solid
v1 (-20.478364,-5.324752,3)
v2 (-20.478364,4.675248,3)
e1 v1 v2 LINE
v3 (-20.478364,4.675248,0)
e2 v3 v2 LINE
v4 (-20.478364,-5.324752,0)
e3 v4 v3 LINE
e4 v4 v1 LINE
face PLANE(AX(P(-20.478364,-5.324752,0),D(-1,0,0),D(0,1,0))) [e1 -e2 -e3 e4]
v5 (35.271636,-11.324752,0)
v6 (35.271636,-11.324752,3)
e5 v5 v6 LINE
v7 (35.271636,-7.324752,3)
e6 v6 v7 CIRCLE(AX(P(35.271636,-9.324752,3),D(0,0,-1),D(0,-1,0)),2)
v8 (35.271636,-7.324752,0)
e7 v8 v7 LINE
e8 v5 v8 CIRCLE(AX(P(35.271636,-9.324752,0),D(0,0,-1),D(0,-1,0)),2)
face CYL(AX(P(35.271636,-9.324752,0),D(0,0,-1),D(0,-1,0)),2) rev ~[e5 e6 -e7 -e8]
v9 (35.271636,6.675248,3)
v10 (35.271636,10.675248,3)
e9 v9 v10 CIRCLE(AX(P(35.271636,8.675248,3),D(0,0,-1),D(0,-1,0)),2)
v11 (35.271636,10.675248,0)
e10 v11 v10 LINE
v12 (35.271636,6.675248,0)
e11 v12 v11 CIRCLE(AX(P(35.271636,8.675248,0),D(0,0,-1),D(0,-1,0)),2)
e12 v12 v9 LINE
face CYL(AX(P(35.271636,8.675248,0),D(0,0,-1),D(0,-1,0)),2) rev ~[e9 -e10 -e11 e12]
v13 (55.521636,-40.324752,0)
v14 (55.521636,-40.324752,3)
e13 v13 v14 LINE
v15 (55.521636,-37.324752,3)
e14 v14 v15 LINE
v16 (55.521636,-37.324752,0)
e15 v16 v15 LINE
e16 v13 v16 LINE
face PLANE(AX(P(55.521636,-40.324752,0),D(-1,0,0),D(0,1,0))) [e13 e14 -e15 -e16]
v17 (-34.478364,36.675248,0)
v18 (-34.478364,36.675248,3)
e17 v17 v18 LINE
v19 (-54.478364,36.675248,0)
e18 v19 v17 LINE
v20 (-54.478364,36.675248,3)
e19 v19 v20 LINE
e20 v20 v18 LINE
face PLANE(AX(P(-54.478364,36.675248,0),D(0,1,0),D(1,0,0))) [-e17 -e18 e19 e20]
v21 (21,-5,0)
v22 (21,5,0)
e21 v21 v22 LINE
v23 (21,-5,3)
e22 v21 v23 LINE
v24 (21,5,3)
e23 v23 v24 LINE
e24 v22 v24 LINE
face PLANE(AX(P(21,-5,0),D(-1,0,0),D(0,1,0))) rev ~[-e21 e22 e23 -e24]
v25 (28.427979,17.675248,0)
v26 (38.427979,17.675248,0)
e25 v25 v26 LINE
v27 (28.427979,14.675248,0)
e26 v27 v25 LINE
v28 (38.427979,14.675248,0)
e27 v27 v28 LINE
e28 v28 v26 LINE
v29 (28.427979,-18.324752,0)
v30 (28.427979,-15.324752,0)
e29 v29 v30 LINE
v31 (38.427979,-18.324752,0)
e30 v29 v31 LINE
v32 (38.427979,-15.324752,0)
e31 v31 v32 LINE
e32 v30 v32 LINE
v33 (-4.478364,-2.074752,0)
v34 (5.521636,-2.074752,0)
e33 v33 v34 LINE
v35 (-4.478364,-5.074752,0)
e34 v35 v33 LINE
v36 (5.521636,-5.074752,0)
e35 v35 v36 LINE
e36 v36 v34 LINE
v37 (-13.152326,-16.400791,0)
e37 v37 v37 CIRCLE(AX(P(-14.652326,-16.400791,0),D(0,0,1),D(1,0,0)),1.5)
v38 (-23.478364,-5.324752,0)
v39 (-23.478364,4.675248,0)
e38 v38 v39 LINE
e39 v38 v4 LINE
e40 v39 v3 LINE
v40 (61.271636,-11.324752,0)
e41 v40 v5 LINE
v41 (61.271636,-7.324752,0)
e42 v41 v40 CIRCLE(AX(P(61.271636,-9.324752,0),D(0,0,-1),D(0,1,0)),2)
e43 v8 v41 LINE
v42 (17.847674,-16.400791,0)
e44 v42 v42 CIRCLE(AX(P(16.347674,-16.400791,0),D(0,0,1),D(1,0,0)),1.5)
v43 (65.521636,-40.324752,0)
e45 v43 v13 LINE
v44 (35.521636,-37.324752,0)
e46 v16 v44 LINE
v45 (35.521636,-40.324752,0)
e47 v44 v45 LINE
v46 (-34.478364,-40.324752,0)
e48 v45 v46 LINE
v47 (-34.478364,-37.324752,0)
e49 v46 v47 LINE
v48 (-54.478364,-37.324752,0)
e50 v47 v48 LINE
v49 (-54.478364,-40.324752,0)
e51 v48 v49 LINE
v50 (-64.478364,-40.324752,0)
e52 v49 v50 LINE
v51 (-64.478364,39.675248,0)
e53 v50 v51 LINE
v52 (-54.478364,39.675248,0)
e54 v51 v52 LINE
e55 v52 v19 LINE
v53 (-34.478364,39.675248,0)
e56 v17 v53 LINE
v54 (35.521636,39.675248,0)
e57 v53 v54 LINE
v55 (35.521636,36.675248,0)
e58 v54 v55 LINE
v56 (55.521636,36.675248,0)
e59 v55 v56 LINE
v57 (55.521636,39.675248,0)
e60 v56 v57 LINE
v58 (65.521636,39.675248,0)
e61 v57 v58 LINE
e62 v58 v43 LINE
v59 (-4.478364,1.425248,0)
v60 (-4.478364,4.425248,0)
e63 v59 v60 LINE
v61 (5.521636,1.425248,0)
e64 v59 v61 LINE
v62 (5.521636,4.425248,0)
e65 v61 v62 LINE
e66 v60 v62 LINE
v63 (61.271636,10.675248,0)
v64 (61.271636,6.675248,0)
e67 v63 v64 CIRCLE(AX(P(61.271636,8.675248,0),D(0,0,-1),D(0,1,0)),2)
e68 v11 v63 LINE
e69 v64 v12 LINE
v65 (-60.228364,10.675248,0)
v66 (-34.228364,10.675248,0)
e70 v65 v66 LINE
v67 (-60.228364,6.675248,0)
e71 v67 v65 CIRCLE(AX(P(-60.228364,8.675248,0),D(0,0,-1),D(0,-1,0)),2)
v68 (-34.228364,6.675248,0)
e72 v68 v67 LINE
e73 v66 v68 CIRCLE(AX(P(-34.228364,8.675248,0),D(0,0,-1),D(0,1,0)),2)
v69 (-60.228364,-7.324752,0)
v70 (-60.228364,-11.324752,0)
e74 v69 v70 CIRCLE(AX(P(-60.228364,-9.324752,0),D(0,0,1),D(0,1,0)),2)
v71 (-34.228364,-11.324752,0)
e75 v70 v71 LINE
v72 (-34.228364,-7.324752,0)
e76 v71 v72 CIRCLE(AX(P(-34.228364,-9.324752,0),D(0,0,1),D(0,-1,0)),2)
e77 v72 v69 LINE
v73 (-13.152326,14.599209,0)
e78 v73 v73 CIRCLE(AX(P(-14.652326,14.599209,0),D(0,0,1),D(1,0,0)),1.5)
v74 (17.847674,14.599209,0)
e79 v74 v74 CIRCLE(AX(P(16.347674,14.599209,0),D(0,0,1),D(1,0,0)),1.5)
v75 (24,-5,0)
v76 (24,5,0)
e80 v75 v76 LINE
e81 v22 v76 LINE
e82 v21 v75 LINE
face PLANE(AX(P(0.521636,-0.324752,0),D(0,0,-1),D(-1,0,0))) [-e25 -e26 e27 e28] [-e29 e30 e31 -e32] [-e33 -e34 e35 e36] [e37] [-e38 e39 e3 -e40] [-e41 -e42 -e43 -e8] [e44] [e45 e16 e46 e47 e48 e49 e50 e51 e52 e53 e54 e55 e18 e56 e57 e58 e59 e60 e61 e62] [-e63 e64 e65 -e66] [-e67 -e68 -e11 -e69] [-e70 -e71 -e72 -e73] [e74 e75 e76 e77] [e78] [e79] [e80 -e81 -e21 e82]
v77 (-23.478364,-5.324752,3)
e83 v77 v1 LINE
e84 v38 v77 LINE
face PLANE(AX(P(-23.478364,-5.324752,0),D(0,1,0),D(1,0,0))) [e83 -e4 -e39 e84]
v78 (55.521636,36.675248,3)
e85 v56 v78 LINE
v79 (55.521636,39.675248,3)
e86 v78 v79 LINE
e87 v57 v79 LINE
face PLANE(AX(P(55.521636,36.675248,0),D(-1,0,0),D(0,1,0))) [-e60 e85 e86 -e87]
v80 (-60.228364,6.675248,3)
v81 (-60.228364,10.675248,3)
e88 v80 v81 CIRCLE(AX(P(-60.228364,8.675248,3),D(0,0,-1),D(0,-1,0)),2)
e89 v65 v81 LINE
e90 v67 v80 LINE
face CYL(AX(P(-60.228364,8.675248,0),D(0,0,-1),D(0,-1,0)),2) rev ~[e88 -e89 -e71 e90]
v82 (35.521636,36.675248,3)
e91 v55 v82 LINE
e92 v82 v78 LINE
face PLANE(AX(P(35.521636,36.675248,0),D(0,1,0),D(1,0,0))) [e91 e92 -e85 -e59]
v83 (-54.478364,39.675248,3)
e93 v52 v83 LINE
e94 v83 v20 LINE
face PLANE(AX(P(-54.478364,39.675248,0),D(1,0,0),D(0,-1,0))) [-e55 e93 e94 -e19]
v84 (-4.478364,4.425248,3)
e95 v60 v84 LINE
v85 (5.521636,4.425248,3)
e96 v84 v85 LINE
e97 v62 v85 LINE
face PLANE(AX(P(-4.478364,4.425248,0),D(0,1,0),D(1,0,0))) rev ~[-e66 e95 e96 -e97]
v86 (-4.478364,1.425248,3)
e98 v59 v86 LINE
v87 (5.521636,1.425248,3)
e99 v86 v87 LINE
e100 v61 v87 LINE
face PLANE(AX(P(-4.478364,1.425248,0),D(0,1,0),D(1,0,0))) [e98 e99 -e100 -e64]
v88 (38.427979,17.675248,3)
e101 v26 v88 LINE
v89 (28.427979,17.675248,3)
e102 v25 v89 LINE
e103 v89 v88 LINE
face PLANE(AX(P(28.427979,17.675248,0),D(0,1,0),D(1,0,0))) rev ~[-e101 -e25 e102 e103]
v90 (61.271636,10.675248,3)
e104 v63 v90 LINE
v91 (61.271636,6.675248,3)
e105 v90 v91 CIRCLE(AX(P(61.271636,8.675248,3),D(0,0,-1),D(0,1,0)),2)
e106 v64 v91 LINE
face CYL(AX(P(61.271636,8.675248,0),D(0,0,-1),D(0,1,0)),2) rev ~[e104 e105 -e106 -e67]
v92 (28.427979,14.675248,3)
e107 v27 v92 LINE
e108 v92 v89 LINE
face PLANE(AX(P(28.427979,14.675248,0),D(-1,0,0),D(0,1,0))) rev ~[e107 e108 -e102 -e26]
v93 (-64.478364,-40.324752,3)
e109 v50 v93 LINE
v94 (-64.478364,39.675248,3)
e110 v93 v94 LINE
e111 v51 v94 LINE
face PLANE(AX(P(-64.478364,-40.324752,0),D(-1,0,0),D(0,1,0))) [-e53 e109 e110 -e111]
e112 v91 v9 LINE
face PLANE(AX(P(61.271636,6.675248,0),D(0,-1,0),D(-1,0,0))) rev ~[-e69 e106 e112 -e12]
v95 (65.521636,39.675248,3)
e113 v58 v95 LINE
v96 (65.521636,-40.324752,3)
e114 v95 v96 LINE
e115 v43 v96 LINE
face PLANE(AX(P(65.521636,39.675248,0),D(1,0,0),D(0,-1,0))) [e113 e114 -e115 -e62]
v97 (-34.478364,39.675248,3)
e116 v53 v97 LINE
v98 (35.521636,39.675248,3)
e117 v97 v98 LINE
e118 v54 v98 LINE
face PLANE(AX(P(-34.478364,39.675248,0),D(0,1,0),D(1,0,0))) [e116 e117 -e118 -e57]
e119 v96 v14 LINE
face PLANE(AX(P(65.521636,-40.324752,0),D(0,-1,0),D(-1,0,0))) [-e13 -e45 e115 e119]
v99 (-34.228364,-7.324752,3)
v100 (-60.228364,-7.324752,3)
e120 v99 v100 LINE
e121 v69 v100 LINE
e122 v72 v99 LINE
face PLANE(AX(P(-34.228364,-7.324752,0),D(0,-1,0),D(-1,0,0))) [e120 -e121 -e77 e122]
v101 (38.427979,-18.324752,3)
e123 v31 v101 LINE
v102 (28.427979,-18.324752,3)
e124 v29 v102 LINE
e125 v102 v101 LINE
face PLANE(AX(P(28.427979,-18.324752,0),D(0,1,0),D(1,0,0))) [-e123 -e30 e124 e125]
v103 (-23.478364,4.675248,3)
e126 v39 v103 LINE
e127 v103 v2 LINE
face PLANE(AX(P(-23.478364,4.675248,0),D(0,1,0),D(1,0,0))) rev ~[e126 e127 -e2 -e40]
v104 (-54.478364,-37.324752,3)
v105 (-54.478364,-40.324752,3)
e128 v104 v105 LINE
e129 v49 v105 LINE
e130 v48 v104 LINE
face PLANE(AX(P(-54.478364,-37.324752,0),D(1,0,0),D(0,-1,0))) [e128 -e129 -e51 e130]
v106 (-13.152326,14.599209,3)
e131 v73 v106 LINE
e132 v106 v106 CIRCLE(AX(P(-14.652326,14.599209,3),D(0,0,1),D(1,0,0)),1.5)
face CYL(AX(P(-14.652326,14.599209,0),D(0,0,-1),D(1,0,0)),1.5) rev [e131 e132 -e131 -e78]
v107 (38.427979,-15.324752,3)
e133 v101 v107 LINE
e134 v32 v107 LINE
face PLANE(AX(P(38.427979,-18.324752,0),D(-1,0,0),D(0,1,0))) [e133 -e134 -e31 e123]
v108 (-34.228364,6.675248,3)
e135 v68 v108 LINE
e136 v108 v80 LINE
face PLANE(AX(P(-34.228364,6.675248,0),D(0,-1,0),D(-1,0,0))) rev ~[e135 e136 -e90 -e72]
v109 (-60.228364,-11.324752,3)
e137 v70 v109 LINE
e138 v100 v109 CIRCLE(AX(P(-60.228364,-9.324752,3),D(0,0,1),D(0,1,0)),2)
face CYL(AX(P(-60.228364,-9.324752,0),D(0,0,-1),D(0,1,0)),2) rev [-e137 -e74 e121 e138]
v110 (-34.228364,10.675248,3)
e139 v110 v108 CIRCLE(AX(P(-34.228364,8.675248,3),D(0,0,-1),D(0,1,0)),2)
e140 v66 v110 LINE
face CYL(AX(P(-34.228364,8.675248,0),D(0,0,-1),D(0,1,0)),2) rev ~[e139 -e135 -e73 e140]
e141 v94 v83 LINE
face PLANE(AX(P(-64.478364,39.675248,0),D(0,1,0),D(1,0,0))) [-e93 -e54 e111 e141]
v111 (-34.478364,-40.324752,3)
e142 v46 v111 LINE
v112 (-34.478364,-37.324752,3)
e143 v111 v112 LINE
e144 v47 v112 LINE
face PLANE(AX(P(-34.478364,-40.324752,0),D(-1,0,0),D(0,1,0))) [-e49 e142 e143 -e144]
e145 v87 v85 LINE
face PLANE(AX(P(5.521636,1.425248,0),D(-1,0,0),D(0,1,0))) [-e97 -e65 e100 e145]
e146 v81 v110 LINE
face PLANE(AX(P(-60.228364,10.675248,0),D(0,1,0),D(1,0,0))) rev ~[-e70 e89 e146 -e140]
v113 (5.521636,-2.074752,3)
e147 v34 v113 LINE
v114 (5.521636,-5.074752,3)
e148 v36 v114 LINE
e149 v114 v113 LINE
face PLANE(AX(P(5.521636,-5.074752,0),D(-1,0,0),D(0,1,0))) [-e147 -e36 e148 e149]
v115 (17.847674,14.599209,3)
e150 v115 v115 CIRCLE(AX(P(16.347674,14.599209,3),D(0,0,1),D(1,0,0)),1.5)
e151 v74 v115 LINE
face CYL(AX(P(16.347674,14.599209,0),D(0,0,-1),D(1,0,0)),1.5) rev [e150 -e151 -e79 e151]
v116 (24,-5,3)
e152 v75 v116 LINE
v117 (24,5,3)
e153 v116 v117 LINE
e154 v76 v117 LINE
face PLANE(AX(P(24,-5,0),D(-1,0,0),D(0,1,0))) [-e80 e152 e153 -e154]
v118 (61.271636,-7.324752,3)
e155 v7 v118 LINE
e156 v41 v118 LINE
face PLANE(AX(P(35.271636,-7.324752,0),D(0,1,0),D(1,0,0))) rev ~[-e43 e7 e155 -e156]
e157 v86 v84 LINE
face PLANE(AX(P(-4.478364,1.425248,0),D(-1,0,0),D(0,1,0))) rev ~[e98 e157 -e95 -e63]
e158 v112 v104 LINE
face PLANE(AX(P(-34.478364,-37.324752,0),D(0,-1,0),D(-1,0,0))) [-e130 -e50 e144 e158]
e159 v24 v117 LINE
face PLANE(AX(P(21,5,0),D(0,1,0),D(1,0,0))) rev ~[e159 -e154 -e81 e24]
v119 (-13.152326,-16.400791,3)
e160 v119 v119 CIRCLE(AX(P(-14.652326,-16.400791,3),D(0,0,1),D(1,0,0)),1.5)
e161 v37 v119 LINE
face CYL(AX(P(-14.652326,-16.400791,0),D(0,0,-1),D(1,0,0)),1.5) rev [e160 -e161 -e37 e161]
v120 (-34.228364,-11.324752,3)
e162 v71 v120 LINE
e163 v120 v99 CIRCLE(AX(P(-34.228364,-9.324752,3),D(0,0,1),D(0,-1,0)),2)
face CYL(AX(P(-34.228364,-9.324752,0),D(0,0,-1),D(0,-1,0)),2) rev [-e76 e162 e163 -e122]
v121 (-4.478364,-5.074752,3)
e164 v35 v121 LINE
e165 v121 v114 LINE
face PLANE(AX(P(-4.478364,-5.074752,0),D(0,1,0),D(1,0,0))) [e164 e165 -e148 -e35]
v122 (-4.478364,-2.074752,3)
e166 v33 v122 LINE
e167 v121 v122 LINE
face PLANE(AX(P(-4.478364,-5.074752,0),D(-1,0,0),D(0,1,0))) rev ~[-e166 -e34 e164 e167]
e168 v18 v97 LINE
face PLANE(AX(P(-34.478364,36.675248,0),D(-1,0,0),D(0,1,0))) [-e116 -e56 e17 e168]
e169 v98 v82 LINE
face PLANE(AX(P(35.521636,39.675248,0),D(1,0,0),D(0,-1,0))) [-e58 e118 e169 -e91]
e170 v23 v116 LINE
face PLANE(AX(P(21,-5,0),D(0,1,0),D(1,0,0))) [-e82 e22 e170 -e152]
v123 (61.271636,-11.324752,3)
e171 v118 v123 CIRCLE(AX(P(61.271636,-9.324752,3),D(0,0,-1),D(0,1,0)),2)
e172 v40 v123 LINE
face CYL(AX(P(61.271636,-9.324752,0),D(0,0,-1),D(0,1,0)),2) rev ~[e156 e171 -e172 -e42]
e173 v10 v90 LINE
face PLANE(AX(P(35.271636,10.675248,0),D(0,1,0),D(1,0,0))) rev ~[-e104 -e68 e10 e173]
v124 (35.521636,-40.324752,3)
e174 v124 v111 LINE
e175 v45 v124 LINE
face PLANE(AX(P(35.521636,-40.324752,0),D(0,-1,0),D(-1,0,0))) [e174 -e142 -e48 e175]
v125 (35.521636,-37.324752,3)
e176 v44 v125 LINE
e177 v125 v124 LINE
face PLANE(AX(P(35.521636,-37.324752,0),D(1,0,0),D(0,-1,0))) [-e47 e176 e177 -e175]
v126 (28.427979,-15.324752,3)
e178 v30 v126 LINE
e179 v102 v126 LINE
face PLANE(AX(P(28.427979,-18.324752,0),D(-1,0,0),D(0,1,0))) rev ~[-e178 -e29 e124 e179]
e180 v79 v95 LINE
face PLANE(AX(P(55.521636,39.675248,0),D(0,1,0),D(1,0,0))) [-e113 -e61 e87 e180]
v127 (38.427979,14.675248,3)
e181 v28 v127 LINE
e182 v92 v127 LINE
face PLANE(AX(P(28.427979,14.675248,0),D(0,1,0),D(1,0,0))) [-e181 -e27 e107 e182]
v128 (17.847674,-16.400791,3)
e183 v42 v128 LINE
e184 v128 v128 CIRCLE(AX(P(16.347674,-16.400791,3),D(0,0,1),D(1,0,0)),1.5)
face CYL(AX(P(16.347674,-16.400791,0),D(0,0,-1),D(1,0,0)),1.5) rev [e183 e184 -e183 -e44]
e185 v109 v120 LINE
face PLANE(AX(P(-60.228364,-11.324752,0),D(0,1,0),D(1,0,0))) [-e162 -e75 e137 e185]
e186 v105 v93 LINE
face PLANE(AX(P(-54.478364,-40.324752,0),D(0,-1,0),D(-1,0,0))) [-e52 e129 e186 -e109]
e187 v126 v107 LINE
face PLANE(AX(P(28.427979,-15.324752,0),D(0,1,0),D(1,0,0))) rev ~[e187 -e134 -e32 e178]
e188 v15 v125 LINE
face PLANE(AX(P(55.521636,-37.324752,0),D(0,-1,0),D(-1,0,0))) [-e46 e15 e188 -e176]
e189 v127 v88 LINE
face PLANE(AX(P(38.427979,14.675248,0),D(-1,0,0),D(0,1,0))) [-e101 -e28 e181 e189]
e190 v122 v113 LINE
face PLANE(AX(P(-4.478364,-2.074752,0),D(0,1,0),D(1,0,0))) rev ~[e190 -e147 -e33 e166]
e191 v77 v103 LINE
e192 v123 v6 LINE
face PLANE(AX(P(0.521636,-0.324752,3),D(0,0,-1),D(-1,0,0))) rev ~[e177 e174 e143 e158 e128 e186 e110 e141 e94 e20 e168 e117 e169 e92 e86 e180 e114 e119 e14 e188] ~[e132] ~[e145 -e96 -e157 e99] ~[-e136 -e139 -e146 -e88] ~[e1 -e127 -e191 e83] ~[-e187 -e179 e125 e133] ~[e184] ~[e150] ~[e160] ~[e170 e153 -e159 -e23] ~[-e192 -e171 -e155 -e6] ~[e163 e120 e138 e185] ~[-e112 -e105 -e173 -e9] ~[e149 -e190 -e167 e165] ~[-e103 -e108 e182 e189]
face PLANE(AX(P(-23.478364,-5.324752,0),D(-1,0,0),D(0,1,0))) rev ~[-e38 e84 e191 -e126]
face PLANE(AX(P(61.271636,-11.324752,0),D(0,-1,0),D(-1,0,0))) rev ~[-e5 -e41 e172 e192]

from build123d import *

# Parameters (mm, degrees)
SKETCH1_R           = 1.5
SKETCH1_W           = 3
SKETCH1_H           = 10
SKETCH1_W_2         = 10
SKETCH1_H_2         = 3
BOSS_EXTRUDE1_DEPTH = 3


with BuildPart() as part:
    # Sketch1 → Boss-Extrude1 (new body)
    with BuildSketch(Plane.XY):
        Polygon((-54.478363627, 39.675247502), (-54.478363627, 36.675247502), (-34.478363627, 36.675247502), (-34.478363627, 39.675247502), (35.521636373, 39.675247502), (35.521636373, 36.675247502), (55.521636373, 36.675247502), (55.521636373, 39.675247502), (65.521636373, 39.675247502), (65.521636373, -40.324752498), (55.521636373, -40.324752498), (55.521636373, -37.324752498), (35.521636373, -37.324752498), (35.521636373, -40.324752498), (-34.478363627, -40.324752498), (-34.478363627, -37.324752498), (-54.478363627, -37.324752498), (-54.478363627, -40.324752498), (-64.478363627, -40.324752498), (-64.478363627, 39.675247502), align=None)
        with Locations((16.34767445, 14.599209425)):
            Circle(SKETCH1_R, mode=Mode.SUBTRACT)
        with Locations((-14.65232555, 14.599209425)):
            Circle(SKETCH1_R, mode=Mode.SUBTRACT)
        with Locations((16.34767445, -16.400790575)):
            Circle(SKETCH1_R, mode=Mode.SUBTRACT)
        with Locations((-14.65232555, -16.400790575)):
            Circle(SKETCH1_R, mode=Mode.SUBTRACT)
        with Locations((22.5, 0)):
            Rectangle(SKETCH1_W, SKETCH1_H, mode=Mode.SUBTRACT)
        with Locations((-21.978363627, -0.324752498)):
            Rectangle(SKETCH1_W, SKETCH1_H, mode=Mode.SUBTRACT)
        with BuildLine():
            Line((-60.228363627, 10.675247502), (-34.228363627, 10.675247502))
            ThreePointArc((-34.228363627, 10.675247502), (-32.228363627, 8.675247502), (-34.228363627, 6.675247502))
            Line((-34.228363627, 6.675247502), (-60.228363627, 6.675247502))
            ThreePointArc((-60.228363627, 6.675247502), (-62.228363627, 8.675247502), (-60.228363627, 10.675247502))
        make_face(mode=Mode.SUBTRACT)
        with BuildLine():
            Line((-34.228363627, -7.324752498), (-60.228363627, -7.324752498))
            ThreePointArc((-60.228363627, -7.324752498), (-62.228363627, -9.324752498), (-60.228363627, -11.324752498))
            Line((-60.228363627, -11.324752498), (-34.228363627, -11.324752498))
            ThreePointArc((-34.228363627, -11.324752498), (-32.228363627, -9.324752498), (-34.228363627, -7.324752498))
        make_face(mode=Mode.SUBTRACT)
        with BuildLine():
            Line((35.271636373, 10.675247502), (61.271636373, 10.675247502))
            ThreePointArc((61.271636373, 10.675247502), (63.271636373, 8.675247502), (61.271636373, 6.675247502))
            Line((61.271636373, 6.675247502), (35.271636373, 6.675247502))
            ThreePointArc((35.271636373, 6.675247502), (33.271636373, 8.675247502), (35.271636373, 10.675247502))
        make_face(mode=Mode.SUBTRACT)
        with BuildLine():
            Line((35.271636373, -7.324752498), (61.271636373, -7.324752498))
            ThreePointArc((61.271636373, -7.324752498), (63.271636373, -9.324752498), (61.271636373, -11.324752498))
            Line((61.271636373, -11.324752498), (35.271636373, -11.324752498))
            ThreePointArc((35.271636373, -11.324752498), (33.271636373, -9.324752498), (35.271636373, -7.324752498))
        make_face(mode=Mode.SUBTRACT)
        with Locations((33.427979094, -16.824752498)):
            Rectangle(SKETCH1_W_2, SKETCH1_H_2, mode=Mode.SUBTRACT)
        with Locations((33.427979094, 16.175247502)):
            Rectangle(SKETCH1_W_2, SKETCH1_H_2, mode=Mode.SUBTRACT)
        with Locations((0.521636373, -3.574752498)):
            Rectangle(SKETCH1_W_2, SKETCH1_H_2, mode=Mode.SUBTRACT)
        with Locations((0.521636373, 2.925247502)):
            Rectangle(SKETCH1_W_2, SKETCH1_H_2, mode=Mode.SUBTRACT)
    extrude(amount=BOSS_EXTRUDE1_DEPTH)


solid = part.part
